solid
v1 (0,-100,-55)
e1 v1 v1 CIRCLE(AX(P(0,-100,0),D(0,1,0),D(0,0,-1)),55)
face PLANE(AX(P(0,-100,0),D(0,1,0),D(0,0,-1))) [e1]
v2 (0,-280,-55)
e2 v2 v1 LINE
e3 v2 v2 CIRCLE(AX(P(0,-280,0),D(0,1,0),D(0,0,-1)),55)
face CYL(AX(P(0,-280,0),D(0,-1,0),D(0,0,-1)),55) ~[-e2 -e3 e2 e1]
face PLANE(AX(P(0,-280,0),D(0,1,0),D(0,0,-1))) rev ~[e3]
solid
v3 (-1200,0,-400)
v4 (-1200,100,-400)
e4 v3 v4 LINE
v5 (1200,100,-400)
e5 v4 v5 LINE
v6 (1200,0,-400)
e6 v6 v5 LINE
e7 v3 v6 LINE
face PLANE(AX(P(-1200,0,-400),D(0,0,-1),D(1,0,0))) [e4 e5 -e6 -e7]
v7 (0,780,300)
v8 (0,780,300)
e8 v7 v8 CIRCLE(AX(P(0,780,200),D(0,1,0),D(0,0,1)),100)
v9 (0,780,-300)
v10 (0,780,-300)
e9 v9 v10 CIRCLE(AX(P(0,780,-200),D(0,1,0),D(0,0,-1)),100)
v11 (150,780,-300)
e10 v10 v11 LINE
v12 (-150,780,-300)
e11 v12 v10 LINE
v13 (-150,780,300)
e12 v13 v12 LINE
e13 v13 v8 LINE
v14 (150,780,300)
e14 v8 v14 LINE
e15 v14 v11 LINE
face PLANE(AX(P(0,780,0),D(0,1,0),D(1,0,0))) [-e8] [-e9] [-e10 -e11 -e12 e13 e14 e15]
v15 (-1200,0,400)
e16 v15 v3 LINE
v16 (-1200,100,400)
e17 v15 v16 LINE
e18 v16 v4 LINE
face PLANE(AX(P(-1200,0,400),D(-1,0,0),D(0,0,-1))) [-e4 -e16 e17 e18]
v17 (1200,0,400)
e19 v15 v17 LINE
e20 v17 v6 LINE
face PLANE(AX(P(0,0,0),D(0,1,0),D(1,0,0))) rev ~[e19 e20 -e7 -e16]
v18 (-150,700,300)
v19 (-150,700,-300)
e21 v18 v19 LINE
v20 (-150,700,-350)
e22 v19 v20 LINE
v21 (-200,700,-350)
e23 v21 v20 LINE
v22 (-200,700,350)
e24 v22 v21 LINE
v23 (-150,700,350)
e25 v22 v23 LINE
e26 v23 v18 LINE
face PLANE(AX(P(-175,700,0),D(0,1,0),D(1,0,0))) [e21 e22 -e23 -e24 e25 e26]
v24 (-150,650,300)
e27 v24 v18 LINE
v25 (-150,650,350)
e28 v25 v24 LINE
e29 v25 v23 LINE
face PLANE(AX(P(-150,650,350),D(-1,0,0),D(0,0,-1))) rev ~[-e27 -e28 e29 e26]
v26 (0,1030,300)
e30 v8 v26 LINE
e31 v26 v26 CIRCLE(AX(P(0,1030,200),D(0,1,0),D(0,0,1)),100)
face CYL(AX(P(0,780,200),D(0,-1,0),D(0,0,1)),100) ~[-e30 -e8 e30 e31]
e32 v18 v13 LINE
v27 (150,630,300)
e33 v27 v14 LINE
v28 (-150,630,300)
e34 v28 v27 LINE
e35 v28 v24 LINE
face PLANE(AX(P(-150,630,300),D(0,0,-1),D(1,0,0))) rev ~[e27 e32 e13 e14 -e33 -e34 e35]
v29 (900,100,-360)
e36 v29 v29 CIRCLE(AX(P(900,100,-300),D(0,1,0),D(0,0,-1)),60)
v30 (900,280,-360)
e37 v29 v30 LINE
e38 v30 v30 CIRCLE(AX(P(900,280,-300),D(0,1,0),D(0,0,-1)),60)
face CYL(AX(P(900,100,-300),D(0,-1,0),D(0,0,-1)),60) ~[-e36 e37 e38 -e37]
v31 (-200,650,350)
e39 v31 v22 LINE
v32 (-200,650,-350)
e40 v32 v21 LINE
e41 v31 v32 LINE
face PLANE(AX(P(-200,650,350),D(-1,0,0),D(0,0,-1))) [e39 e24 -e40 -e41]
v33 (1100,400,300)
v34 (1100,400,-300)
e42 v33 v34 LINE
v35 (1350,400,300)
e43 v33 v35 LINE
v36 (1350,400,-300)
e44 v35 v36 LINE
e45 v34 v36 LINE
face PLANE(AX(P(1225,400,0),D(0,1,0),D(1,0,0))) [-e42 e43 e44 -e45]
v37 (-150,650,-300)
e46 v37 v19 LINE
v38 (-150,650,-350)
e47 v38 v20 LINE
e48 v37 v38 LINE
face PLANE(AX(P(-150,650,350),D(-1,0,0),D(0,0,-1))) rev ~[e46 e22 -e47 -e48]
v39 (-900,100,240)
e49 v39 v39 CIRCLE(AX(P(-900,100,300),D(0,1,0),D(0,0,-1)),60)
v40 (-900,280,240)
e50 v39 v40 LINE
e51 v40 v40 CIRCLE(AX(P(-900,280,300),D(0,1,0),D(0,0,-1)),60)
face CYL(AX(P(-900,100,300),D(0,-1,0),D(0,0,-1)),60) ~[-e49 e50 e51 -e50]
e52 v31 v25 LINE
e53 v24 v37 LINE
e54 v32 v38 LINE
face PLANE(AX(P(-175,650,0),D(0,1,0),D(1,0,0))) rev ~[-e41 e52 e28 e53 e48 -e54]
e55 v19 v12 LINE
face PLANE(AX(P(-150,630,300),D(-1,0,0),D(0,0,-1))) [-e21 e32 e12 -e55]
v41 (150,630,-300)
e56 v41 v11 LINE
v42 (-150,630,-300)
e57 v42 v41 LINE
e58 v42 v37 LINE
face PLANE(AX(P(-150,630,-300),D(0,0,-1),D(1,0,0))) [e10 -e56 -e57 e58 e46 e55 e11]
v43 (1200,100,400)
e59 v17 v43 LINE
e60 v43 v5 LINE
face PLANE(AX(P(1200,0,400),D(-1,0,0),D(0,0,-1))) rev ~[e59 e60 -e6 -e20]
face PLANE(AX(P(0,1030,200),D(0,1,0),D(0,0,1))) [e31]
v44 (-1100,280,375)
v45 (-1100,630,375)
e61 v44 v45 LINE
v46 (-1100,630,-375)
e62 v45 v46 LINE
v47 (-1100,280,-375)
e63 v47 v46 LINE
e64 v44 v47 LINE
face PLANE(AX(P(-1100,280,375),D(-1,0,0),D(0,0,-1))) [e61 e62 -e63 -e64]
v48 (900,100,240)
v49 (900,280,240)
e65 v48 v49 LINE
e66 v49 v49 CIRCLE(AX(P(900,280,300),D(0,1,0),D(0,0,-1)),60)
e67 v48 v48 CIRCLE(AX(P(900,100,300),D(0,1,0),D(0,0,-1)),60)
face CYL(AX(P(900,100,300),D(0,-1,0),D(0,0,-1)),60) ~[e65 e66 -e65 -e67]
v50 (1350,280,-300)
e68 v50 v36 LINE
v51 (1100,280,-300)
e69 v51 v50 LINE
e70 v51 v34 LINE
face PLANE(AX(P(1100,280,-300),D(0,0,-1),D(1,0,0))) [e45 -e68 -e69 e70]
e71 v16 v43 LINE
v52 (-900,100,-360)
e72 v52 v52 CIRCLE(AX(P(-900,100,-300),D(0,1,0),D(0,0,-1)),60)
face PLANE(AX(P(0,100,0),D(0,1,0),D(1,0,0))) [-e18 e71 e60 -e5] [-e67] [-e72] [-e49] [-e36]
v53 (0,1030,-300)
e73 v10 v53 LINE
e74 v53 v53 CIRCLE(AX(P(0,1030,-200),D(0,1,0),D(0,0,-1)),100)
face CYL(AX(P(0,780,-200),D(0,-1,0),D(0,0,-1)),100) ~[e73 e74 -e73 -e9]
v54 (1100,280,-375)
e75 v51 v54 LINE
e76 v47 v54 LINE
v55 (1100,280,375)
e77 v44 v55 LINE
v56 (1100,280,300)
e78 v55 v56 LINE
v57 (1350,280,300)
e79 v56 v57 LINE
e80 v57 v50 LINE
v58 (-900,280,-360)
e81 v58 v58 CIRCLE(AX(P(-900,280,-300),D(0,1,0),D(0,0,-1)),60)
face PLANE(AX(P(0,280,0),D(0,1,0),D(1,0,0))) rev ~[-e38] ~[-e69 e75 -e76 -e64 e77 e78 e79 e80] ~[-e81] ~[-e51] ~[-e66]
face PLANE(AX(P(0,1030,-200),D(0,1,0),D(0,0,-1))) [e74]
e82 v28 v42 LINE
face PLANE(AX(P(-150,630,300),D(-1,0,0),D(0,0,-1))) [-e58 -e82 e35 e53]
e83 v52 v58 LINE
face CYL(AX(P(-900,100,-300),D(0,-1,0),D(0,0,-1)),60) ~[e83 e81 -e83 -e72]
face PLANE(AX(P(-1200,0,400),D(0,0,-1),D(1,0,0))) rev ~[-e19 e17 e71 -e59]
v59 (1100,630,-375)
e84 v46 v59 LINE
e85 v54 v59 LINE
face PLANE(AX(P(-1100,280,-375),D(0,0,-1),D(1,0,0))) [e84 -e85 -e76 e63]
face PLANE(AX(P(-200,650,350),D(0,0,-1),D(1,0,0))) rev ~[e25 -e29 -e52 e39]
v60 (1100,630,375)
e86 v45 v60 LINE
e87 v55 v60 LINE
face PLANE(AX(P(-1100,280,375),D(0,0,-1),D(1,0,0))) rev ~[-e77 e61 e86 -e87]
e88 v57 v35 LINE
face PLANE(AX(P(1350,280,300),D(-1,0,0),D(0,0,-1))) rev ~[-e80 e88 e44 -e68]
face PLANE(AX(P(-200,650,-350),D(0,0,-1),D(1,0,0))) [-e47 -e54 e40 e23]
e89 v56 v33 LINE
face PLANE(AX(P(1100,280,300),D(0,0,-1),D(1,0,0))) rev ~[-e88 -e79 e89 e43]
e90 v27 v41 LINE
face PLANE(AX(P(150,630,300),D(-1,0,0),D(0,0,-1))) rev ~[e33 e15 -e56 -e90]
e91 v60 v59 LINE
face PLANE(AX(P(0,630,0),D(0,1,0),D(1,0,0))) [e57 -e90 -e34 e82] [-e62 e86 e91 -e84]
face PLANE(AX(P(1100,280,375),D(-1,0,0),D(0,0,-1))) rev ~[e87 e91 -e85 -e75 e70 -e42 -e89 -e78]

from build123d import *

# Parameters (mm, degrees)
SKETCH1_W            = 2400
SKETCH1_H            = 800
BOSS_EXTRUDE1_DEPTH  = 100
BOSS_EXTRUDE2_START  = 100
SKETCH2_R            = 60
BOSS_EXTRUDE2_DEPTH  = 180
BOSS_EXTRUDE3_START  = 100
SKETCH3_R            = 60
BOSS_EXTRUDE3_DEPTH  = 180
BOSS_EXTRUDE4_START  = 100
SKETCH4_R            = 60
BOSS_EXTRUDE4_DEPTH  = 180
BOSS_EXTRUDE5_START  = 100
SKETCH5_R            = 60
BOSS_EXTRUDE5_DEPTH  = 180
BOSS_EXTRUDE6_START  = 280
SKETCH6_W            = 2200
SKETCH6_H            = 750
BOSS_EXTRUDE6_DEPTH  = 350
BOSS_EXTRUDE7_START  = 280
SKETCH7_W            = 250
SKETCH7_H            = 600
BOSS_EXTRUDE7_DEPTH  = 120
BOSS_EXTRUDE8_START  = 650
SKETCH8_W            = 50
SKETCH8_H            = 700
BOSS_EXTRUDE8_DEPTH  = 50
BOSS_EXTRUDE9_START  = 630
SKETCH9_W            = 300
SKETCH9_H            = 600
BOSS_EXTRUDE9_DEPTH  = 150
BOSS_EXTRUDE10_START = 780
SKETCH10_R           = 100
BOSS_EXTRUDE10_DEPTH = 250
BOSS_EXTRUDE11_START = 780
SKETCH11_R           = 100
BOSS_EXTRUDE11_DEPTH = 250
BOSS_EXTRUDE12_START = -280
SKETCH12_R           = 55
BOSS_EXTRUDE12_DEPTH = 180


with BuildPart() as part:
    # Sketch1 → Boss-Extrude1 (new body)
    with BuildSketch(Plane(origin=(0, 0, 0), x_dir=(1, 0, 0), z_dir=(0, 1, 0))):
        Rectangle(SKETCH1_W, SKETCH1_H)
    extrude(amount=BOSS_EXTRUDE1_DEPTH)

    # Sketch2 → Boss-Extrude2 (add)
    with BuildSketch(Plane(origin=(0, 0, 0), x_dir=(1, 0, 0), z_dir=(0, 1, 0)).offset(BOSS_EXTRUDE2_START)):
        with Locations(Location((-900, -300, 0), (0, 0, 90))):
            Circle(SKETCH2_R)
    extrude(amount=BOSS_EXTRUDE2_DEPTH)

    # Sketch3 → Boss-Extrude3 (add)
    with BuildSketch(Plane(origin=(0, 0, 0), x_dir=(1, 0, 0), z_dir=(0, 1, 0)).offset(BOSS_EXTRUDE3_START)):
        with Locations(Location((-900, 300, 0), (0, 0, 90))):
            Circle(SKETCH3_R)
    extrude(amount=BOSS_EXTRUDE3_DEPTH)

    # Sketch4 → Boss-Extrude4 (add)
    with BuildSketch(Plane(origin=(0, 0, 0), x_dir=(1, 0, 0), z_dir=(0, 1, 0)).offset(BOSS_EXTRUDE4_START)):
        with Locations(Location((900, -300, 0), (0, 0, 90))):
            Circle(SKETCH4_R)
    extrude(amount=BOSS_EXTRUDE4_DEPTH)

    # Sketch5 → Boss-Extrude5 (add)
    with BuildSketch(Plane(origin=(0, 0, 0), x_dir=(1, 0, 0), z_dir=(0, 1, 0)).offset(BOSS_EXTRUDE5_START)):
        with Locations(Location((900, 300, 0), (0, 0, 90))):
            Circle(SKETCH5_R)
    extrude(amount=BOSS_EXTRUDE5_DEPTH)

    # Sketch6 → Boss-Extrude6 (add)
    with BuildSketch(Plane(origin=(0, 0, 0), x_dir=(1, 0, 0), z_dir=(0, 1, 0)).offset(BOSS_EXTRUDE6_START)):
        Rectangle(SKETCH6_W, SKETCH6_H)
    extrude(amount=BOSS_EXTRUDE6_DEPTH)

    # Sketch7 → Boss-Extrude7 (add)
    with BuildSketch(Plane(origin=(0, 0, 0), x_dir=(1, 0, 0), z_dir=(0, 1, 0)).offset(BOSS_EXTRUDE7_START)):
        with Locations((1225, 0)):
            Rectangle(SKETCH7_W, SKETCH7_H)
    extrude(amount=BOSS_EXTRUDE7_DEPTH)



with BuildPart() as body_2:
    # Sketch8 → Boss-Extrude8 (new body)
    with BuildSketch(Plane(origin=(0, 0, 0), x_dir=(1, 0, 0), z_dir=(0, 1, 0)).offset(BOSS_EXTRUDE8_START)):
        with Locations((-175, 0)):
            Rectangle(SKETCH8_W, SKETCH8_H)
    extrude(amount=BOSS_EXTRUDE8_DEPTH)


with BuildPart() as part_1:
    add(part.part)

    add(body_2.part)  # Boss-Extrude9 merges body 2
    # Sketch9 → Boss-Extrude9 (add)
    with BuildSketch(Plane(origin=(0, 0, 0), x_dir=(1, 0, 0), z_dir=(0, 1, 0)).offset(BOSS_EXTRUDE9_START)):
        Rectangle(SKETCH9_W, SKETCH9_H)
    extrude(amount=BOSS_EXTRUDE9_DEPTH)

    # Sketch10 → Boss-Extrude10 (add)
    with BuildSketch(Plane(origin=(0, 0, 0), x_dir=(1, 0, 0), z_dir=(0, 1, 0)).offset(BOSS_EXTRUDE10_START)):
        with Locations(Location((0, -200, 0), (0, 0, 270))):
            Circle(SKETCH10_R)
    extrude(amount=BOSS_EXTRUDE10_DEPTH)

    # Sketch11 → Boss-Extrude11 (add)
    with BuildSketch(Plane(origin=(0, 0, 0), x_dir=(1, 0, 0), z_dir=(0, 1, 0)).offset(BOSS_EXTRUDE11_START)):
        with Locations(Location((0, 200, 0), (0, 0, 90))):
            Circle(SKETCH11_R)
    extrude(amount=BOSS_EXTRUDE11_DEPTH)


with BuildPart() as body_2_2:
    # Sketch12 → Boss-Extrude12 (new body)
    with BuildSketch(Plane(origin=(0, 0, 0), x_dir=(1, 0, 0), z_dir=(0, 1, 0)).offset(BOSS_EXTRUDE12_START)):
        with Locations(Location((0, 0, 0), (0, 0, 90))):
            Circle(SKETCH12_R)
    extrude(amount=BOSS_EXTRUDE12_DEPTH)


solid = Compound([part_1.part, body_2_2.part])
